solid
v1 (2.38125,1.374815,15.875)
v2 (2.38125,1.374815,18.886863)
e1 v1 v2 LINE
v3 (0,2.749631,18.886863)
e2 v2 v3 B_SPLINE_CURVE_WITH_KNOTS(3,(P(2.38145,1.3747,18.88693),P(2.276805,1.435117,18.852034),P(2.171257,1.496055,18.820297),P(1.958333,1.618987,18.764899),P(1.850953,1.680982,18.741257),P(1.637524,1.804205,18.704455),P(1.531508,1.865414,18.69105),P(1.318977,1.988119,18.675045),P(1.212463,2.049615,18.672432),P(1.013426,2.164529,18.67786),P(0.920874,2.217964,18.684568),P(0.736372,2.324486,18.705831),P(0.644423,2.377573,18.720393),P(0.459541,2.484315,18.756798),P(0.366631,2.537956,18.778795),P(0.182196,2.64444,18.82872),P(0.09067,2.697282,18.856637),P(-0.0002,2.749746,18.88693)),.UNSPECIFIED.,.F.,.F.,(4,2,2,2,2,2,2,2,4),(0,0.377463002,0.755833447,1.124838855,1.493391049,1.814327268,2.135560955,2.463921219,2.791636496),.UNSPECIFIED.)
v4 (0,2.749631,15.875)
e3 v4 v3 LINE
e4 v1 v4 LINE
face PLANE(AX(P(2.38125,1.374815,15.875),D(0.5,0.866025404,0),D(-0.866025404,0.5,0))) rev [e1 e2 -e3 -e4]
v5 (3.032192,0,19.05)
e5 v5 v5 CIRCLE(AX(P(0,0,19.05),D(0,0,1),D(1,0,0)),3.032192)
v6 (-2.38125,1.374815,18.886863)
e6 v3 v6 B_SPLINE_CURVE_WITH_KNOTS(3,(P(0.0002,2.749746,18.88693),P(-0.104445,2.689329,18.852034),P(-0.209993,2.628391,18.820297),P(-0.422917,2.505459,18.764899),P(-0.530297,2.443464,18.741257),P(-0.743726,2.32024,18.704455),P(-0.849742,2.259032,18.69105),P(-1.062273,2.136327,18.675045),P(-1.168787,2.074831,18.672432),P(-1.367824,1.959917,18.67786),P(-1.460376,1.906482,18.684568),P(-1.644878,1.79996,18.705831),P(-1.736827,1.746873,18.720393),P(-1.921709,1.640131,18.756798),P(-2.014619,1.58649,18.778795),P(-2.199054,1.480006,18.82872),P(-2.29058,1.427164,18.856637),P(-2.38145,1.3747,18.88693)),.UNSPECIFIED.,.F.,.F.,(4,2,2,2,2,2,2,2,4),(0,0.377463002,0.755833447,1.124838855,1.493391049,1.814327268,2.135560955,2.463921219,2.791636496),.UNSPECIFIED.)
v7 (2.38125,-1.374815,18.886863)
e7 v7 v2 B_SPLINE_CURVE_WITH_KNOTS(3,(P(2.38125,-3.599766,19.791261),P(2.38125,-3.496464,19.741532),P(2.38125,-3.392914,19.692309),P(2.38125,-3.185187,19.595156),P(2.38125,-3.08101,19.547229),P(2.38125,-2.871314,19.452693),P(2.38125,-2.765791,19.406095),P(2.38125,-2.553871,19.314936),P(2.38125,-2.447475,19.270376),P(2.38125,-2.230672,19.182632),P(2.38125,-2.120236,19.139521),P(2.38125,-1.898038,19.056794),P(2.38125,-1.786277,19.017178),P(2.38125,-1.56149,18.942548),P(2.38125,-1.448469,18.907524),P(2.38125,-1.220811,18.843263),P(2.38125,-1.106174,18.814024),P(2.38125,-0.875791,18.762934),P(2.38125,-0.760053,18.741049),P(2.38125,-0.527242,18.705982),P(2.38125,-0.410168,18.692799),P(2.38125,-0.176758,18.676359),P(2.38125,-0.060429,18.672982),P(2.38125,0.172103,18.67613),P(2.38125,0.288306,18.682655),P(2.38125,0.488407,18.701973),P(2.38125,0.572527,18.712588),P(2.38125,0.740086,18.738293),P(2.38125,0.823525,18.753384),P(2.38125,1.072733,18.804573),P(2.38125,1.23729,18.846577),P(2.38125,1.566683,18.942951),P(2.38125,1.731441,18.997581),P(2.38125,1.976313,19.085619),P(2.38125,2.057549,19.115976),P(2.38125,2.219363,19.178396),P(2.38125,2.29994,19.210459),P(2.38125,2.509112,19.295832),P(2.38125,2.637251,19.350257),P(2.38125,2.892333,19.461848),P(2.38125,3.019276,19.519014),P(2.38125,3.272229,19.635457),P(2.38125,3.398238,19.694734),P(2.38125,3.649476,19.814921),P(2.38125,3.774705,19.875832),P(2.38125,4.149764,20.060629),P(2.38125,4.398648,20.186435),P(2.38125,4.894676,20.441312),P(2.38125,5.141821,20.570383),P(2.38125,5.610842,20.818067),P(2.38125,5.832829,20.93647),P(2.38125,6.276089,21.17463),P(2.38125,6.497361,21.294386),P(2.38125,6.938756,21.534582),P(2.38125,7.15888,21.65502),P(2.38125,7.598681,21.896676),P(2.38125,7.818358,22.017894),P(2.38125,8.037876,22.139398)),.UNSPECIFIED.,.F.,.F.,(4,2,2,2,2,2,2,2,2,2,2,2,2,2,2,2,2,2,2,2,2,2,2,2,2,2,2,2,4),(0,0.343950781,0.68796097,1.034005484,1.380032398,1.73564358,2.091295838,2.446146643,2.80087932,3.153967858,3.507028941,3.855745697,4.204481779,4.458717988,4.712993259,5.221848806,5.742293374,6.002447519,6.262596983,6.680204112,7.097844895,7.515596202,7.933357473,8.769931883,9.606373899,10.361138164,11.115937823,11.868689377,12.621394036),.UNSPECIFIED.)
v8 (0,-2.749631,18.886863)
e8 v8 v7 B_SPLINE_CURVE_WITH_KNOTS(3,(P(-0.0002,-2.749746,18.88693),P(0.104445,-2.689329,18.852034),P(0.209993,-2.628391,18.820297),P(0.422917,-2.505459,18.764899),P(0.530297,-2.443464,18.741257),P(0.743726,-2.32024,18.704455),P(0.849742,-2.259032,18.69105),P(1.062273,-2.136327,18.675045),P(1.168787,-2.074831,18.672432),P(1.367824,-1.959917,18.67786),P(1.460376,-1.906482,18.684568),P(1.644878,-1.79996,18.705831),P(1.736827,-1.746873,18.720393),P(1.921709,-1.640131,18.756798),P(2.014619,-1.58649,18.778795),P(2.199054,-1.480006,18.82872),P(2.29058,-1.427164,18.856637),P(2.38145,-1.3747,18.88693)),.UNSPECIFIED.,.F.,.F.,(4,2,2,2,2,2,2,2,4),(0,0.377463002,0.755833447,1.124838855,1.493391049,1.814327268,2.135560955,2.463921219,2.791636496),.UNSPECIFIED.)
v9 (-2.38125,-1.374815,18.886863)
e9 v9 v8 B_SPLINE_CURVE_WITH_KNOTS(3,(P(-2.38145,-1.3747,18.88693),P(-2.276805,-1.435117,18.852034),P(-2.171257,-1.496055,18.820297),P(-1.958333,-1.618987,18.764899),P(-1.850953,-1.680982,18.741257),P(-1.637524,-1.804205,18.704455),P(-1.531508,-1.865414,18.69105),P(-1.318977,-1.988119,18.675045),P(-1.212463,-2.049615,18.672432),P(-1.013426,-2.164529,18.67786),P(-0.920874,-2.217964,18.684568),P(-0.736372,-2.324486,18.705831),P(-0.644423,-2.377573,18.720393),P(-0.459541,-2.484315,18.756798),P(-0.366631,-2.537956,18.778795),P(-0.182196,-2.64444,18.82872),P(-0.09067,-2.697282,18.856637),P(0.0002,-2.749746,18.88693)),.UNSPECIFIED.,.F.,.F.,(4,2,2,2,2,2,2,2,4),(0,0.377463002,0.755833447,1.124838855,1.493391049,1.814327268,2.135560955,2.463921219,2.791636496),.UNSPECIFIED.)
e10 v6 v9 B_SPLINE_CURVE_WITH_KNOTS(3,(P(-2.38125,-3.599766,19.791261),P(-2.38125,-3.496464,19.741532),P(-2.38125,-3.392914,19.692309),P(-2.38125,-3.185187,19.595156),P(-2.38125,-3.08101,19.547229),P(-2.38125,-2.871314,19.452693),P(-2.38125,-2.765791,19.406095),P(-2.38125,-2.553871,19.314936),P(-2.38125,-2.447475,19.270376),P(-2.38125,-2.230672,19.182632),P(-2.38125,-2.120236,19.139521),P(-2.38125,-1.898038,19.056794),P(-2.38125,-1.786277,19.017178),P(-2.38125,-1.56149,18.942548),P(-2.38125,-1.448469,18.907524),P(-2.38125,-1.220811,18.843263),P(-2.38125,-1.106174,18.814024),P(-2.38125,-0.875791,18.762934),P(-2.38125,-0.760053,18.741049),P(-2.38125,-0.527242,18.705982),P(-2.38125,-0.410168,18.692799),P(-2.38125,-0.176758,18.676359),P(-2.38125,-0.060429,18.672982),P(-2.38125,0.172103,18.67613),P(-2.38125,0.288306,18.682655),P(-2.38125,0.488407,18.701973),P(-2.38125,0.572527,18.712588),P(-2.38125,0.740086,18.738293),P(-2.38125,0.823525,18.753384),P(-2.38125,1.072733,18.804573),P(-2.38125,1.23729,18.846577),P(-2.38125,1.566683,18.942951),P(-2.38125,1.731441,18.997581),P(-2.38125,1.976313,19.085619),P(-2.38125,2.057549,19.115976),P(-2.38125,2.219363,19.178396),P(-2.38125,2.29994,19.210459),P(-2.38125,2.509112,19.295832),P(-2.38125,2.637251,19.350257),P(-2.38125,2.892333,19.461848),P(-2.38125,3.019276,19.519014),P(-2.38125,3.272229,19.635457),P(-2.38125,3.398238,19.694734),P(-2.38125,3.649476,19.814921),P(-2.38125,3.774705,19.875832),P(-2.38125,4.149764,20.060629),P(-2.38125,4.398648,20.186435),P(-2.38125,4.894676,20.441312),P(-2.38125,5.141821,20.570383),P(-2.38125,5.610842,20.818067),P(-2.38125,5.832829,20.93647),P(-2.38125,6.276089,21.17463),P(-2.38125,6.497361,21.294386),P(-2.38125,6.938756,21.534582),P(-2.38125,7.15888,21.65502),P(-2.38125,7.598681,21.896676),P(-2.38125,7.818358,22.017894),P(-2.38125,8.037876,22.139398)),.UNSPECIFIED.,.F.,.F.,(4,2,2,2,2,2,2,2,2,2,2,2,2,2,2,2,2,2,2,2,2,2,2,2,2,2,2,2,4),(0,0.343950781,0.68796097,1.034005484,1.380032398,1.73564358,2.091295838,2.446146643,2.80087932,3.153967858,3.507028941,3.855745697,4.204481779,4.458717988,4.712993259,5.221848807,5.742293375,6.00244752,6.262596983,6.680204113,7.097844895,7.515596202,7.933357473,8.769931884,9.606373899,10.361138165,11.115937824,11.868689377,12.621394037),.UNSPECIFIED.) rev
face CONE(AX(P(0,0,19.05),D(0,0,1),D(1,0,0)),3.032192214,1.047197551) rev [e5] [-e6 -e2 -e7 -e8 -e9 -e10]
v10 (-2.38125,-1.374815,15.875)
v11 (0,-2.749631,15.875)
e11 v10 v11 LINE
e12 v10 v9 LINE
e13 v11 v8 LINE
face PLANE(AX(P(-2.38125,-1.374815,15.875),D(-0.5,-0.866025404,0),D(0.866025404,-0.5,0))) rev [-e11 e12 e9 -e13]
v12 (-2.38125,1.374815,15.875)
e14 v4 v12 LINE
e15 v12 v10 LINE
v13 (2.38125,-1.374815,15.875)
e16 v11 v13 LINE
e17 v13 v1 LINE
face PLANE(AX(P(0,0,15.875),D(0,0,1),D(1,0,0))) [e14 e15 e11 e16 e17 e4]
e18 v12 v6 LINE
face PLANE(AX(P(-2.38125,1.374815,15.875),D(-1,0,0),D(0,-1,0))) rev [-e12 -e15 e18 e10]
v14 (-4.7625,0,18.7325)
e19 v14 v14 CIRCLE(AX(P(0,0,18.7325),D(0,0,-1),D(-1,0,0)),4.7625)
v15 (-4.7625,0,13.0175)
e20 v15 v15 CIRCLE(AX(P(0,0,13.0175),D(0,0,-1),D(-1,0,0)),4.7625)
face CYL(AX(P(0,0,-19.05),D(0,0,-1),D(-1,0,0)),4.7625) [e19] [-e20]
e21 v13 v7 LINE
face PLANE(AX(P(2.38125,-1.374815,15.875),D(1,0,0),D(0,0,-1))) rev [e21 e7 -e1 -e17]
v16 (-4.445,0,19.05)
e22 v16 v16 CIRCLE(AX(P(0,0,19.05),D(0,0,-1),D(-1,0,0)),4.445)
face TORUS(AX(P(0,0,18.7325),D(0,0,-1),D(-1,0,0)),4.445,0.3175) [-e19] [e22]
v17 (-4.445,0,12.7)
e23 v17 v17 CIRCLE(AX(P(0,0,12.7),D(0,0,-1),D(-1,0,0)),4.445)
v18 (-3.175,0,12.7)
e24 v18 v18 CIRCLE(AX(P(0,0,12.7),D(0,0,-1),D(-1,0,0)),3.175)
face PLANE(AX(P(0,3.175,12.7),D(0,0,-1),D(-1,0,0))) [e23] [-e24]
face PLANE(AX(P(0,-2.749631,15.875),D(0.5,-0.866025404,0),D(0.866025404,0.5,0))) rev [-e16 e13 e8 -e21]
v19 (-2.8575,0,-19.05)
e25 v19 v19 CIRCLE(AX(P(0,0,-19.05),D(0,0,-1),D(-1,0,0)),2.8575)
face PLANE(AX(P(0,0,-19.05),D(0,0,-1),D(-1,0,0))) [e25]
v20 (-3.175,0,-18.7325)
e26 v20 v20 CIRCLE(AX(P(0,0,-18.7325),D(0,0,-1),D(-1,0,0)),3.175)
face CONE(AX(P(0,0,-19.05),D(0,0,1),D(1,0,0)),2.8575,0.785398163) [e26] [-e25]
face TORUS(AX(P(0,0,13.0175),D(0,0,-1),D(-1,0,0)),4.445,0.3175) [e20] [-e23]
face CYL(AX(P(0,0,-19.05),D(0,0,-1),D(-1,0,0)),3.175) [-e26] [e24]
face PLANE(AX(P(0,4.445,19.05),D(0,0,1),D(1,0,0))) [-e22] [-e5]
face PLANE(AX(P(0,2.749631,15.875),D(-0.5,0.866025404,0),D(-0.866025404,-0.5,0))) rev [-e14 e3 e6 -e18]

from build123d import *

# Parameters (mm, degrees)
CUT_EXTRUDE1_START = 19.05
CUT_EXTRUDE1_DEPTH = 3.175


with BuildPart() as part:
    # Sketch2 → Revolve1 (revolve)
    with BuildSketch(Plane(origin=(0, 0, 0), x_dir=(0, 0, -1), z_dir=(1, 0, 0)), mode=Mode.PRIVATE) as revolve1_sk:
        with BuildLine():
            Line((19.05, 0), (19.05, 2.8575))
            Line((19.05, 2.8575), (18.7325, 3.175))
            Line((18.7325, 3.175), (-12.7, 3.175))
            Line((-12.7, 3.175), (-12.7, 4.445))
            ThreePointArc((-12.7, 4.445), (-12.792993597, 4.669506403), (-13.0175, 4.7625))
            Line((-13.0175, 4.7625), (-18.7325, 4.7625))
            ThreePointArc((-18.7325, 4.7625), (-18.957006403, 4.669506403), (-19.05, 4.445))
            Line((-19.05, 4.445), (-19.05, 0))
            Line((-19.05, 0), (19.05, 0))
        make_face()
    revolve(revolve1_sk.sketch.rotate(Axis((0, 0, -19.05), (0, 0, 1)), 90), axis=Axis((0, 0, -19.05), (0, 0, 1)))

    # Sketch3 → Cut-Extrude1 (cut)
    with BuildSketch(Plane.XY.offset(CUT_EXTRUDE1_START)):
        Polygon((-2.38125, 1.374815329), (-2.38125, -1.374815329), (0, -2.749630657), (2.38125, -1.374815329), (2.38125, 1.374815329), (0, 2.749630657), align=None)
    extrude(amount=-CUT_EXTRUDE1_DEPTH, mode=Mode.SUBTRACT)

    # Cut-Extrude2 cone 1 section (through the dimple's axis) → Cut-Extrude2 (revolve, cut)
    with BuildSketch(Plane(origin=(0, 0, 19.05), x_dir=(0, -1, 0), z_dir=(1, 0, 0))):
        Polygon((0, 0), (3.032192214, 0), (0, 1.750636991), align=None)
    revolve(axis=Axis((0, 0, 19.05), (0, 0, -1)), mode=Mode.SUBTRACT)


solid = part.part
